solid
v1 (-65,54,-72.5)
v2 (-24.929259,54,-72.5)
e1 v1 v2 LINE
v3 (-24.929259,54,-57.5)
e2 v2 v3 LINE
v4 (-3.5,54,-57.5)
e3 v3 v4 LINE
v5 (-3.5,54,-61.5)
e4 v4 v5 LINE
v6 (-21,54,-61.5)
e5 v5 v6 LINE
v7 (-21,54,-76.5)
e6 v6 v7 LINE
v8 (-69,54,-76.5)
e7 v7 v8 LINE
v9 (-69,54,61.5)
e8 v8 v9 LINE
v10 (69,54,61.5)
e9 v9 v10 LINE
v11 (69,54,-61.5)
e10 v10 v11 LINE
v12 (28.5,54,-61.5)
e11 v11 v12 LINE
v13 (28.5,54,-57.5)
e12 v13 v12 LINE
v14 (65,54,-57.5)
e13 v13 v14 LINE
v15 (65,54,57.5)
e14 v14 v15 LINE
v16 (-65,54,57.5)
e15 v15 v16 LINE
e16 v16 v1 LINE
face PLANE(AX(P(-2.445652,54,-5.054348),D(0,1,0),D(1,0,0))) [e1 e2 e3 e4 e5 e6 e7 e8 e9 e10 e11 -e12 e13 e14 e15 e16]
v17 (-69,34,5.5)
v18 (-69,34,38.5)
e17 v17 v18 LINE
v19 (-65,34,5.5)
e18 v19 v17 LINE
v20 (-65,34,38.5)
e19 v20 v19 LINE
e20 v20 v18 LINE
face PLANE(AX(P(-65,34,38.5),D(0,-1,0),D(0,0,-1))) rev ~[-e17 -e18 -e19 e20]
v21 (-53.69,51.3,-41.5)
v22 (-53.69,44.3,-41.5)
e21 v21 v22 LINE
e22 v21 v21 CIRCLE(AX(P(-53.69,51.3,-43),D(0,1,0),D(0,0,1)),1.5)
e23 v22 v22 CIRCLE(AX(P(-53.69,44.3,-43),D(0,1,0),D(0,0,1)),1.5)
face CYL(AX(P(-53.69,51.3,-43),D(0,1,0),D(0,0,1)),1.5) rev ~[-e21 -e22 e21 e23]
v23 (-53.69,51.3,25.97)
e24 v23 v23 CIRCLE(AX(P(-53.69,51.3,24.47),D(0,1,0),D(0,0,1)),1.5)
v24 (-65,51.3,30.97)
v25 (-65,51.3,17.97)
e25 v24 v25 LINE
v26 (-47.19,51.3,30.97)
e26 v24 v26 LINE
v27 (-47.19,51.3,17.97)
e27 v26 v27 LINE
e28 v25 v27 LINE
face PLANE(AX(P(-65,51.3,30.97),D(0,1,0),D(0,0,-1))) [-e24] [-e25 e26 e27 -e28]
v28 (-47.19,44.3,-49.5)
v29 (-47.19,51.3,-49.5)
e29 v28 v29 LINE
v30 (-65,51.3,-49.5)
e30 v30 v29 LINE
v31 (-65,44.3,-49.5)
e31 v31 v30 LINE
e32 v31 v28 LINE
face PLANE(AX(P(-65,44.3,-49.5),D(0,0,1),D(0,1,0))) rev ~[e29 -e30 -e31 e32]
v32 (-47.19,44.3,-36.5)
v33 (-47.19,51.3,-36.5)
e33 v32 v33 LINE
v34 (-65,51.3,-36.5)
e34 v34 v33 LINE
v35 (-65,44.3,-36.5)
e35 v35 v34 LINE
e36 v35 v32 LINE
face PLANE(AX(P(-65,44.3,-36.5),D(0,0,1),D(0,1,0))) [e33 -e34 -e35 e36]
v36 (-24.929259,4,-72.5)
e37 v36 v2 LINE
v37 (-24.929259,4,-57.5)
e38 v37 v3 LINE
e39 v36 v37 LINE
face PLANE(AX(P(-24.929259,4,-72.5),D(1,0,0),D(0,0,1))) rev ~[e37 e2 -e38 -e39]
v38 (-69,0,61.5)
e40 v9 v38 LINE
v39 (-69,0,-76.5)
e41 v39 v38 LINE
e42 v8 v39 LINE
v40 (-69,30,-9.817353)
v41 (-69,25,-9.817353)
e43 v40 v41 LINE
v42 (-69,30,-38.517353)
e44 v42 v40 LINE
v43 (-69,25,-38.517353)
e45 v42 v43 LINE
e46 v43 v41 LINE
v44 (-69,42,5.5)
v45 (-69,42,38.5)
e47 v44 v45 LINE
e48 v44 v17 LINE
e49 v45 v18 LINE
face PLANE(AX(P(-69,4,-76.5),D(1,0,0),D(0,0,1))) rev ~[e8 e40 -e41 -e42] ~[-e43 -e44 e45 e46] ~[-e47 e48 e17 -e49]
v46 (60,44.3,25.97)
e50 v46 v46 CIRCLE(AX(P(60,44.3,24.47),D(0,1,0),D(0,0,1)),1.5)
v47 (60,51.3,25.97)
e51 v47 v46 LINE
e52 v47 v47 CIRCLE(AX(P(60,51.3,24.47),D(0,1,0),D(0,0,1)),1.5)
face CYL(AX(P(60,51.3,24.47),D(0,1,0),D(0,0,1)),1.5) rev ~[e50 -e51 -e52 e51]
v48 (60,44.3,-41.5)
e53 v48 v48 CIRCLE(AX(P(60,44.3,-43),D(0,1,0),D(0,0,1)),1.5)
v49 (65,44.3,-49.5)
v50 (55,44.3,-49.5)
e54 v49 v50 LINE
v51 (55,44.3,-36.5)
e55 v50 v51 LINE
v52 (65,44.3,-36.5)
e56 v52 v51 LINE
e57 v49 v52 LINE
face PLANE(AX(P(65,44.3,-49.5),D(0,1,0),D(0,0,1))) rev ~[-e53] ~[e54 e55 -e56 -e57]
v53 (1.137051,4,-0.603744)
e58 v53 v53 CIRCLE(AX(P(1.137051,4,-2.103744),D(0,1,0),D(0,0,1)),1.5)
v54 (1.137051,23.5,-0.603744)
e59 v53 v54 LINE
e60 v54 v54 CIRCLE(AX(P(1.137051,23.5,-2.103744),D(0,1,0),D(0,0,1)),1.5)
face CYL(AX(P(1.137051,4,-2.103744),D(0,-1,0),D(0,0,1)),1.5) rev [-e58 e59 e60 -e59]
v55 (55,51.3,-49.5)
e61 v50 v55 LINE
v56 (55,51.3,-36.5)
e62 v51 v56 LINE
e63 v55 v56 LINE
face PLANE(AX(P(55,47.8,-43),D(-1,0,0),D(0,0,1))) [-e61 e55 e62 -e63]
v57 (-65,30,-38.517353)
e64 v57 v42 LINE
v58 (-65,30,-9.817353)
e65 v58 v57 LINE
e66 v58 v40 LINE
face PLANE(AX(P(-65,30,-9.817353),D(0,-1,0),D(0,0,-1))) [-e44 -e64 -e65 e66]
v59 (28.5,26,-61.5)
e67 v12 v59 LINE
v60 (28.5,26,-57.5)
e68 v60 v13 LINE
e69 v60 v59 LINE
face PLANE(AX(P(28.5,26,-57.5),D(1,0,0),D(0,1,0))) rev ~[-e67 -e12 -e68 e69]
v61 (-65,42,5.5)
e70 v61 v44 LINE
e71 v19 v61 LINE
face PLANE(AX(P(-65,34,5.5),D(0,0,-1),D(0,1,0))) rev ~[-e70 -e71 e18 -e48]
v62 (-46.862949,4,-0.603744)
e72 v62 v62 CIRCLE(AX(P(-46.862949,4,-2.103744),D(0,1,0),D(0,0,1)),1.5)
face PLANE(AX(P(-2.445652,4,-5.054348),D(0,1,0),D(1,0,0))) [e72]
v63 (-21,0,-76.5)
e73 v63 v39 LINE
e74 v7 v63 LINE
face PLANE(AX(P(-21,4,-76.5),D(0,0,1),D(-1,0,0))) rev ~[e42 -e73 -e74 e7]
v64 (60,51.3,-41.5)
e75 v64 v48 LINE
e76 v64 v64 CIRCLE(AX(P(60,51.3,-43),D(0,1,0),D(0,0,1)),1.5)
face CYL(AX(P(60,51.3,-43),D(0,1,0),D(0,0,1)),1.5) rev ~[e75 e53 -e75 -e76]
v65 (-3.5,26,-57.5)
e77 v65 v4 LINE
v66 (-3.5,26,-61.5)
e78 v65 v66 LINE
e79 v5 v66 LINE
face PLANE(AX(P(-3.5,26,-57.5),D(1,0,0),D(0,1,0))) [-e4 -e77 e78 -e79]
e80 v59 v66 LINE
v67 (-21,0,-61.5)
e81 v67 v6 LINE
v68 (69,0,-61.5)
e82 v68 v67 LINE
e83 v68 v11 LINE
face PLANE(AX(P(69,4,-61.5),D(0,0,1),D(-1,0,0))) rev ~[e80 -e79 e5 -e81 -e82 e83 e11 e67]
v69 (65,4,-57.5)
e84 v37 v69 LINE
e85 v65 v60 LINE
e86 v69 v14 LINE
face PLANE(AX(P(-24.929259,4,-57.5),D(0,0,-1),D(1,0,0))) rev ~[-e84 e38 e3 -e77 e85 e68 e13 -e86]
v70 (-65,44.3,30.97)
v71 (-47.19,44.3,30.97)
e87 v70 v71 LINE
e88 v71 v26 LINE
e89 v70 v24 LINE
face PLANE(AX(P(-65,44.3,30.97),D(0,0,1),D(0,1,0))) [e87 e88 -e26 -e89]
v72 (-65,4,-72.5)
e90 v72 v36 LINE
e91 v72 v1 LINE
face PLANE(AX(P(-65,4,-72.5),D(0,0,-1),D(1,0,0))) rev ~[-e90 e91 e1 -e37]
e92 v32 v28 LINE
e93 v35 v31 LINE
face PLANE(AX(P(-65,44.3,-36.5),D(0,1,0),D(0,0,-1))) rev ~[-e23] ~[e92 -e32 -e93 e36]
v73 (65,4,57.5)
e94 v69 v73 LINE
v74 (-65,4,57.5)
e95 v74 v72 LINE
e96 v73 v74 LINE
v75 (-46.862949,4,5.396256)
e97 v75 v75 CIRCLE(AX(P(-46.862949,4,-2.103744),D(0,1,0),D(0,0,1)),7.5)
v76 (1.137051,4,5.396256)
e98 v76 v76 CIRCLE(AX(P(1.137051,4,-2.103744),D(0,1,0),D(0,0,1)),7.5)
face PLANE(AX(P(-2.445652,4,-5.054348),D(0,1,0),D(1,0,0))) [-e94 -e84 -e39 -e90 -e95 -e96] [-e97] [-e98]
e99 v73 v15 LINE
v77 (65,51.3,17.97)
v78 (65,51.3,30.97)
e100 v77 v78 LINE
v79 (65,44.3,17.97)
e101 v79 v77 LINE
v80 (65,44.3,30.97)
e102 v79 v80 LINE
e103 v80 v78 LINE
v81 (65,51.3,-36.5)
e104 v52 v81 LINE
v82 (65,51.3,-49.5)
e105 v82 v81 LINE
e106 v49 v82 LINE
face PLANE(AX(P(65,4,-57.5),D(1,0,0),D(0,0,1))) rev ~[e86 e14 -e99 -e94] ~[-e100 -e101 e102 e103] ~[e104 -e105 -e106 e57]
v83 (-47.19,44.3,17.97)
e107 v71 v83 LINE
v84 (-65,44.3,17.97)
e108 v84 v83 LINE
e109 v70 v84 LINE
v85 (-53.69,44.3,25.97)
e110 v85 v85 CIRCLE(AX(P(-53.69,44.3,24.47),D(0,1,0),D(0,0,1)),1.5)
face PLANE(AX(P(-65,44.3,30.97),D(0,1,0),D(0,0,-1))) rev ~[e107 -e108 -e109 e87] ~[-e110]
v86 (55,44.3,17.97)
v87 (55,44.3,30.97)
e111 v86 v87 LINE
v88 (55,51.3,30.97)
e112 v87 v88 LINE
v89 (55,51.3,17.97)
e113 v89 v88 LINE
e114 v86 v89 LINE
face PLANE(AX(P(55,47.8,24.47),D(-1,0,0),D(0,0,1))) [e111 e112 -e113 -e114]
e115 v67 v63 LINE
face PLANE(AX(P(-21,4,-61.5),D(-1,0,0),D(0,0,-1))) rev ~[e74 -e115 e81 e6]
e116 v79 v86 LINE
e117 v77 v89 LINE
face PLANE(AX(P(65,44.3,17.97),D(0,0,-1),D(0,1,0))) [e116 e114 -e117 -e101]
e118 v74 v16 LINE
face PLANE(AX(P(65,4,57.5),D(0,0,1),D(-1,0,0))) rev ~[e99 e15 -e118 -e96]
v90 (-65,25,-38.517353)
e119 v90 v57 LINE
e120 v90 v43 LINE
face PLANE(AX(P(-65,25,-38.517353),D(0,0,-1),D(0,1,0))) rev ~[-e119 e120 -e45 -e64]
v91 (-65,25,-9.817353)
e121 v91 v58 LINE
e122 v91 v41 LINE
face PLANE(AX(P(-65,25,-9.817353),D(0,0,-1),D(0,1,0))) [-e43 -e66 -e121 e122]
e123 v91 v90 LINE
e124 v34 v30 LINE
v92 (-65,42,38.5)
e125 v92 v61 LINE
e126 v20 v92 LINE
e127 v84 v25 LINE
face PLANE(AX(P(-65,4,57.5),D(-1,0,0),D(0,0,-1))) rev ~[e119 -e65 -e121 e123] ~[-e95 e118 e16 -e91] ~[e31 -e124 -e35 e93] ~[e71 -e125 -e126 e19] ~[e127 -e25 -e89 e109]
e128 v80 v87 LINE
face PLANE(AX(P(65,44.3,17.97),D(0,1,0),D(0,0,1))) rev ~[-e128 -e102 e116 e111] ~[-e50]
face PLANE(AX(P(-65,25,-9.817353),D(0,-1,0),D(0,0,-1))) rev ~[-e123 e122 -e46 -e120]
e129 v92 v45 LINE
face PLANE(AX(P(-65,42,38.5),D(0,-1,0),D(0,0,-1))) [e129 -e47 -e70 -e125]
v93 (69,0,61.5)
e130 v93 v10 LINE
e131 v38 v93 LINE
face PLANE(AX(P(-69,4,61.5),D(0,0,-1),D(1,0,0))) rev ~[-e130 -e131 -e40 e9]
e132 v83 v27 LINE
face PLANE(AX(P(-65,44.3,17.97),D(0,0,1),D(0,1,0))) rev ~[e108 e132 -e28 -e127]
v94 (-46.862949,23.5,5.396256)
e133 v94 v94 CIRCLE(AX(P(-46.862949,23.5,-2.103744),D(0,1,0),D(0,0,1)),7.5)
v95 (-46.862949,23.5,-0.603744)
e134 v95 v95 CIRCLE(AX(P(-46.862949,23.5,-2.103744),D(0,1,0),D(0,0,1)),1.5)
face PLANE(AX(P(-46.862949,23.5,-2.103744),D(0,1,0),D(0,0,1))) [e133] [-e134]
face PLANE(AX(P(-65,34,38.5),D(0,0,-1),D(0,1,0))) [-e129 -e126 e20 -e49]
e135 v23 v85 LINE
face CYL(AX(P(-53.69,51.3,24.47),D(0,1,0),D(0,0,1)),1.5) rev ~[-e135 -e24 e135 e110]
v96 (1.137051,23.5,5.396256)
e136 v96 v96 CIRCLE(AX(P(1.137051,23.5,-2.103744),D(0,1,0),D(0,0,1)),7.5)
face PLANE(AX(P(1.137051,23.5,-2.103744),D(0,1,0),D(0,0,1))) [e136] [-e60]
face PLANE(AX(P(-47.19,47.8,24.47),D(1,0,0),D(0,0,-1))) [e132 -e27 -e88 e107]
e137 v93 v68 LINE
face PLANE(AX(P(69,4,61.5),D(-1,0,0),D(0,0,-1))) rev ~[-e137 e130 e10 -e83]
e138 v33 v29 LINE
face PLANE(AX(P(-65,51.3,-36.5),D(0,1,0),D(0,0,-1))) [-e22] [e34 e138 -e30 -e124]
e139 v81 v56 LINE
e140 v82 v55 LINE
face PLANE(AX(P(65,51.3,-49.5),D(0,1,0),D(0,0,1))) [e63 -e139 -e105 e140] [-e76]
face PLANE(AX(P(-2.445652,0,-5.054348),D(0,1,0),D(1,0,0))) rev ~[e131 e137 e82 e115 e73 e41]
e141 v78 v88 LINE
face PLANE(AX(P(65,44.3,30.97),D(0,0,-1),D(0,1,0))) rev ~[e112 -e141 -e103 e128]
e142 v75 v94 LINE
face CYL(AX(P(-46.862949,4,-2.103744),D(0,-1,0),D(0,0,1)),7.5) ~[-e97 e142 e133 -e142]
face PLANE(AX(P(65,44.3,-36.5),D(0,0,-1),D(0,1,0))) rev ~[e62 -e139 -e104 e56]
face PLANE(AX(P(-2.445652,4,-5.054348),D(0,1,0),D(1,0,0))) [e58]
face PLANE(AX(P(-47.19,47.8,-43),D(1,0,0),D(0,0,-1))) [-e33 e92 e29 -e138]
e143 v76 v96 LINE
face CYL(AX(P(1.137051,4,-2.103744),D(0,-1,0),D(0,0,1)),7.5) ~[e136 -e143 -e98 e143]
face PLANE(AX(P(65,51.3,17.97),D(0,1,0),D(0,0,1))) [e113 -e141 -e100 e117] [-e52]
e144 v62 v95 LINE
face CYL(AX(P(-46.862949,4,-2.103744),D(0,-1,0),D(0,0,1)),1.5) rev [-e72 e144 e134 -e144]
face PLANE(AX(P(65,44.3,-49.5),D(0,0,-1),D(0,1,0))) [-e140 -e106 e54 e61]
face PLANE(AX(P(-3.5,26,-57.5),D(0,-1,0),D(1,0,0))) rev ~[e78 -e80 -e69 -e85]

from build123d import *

# Parameters (mm, degrees)
BOSS_EXTRUDE1_DEPTH = 4
BOSS_EXTRUDE2_START = 4
BOSS_EXTRUDE2_DEPTH = 50
SKETCH3_R           = 7.5
SKETCH3_R_2         = 1.5
BOSS_EXTRUDE3_DEPTH = 19.5
SKETCH4_W           = 13
SKETCH4_H           = 7
BOSS_EXTRUDE4_DEPTH = 17.81
SKETCH5_W           = 13
SKETCH5_H           = 7
BOSS_EXTRUDE5_DEPTH = 10
CUT_EXTRUDE1_REACH  = 117.087
SKETCH6_R           = 1.5
CUT_EXTRUDE2_REACH  = 149.777
SKETCH7_W           = 32
SKETCH7_H           = 28
CUT_EXTRUDE3_REACH  = 165.476
SKETCH8_W           = 33
SKETCH8_H           = 8
SKETCH8_W_2         = 28.7
SKETCH8_H_2         = 5


with BuildPart() as part:
    # Sketch1 → Boss-Extrude1 (new body)
    with BuildSketch(Plane(origin=(0, 0, 0), x_dir=(1, 0, 0), z_dir=(0, 1, 0))):
        Polygon((-69, -61.5), (69, -61.5), (69, 61.5), (-21, 61.5), (-21, 76.5), (-69, 76.5), (-69, 61.5), align=None)
    extrude(amount=BOSS_EXTRUDE1_DEPTH)

    # Sketch1<5> → Boss-Extrude2 (add)
    with BuildSketch(Plane(origin=(0, 0, 0), x_dir=(1, 0, 0), z_dir=(0, 1, 0)).offset(BOSS_EXTRUDE2_START)):
        Polygon((-69, 61.5), (-69, -61.5), (69, -61.5), (69, 61.5), (-21, 61.5), (-21, 76.5), (-69, 76.5), align=None)
        Polygon((-65, -57.5), (-65, 57.5), (-65, 72.5), (-24.92925867, 72.5), (-24.92925867, 57.5), (65, 57.5), (65, -57.5), align=None, mode=Mode.SUBTRACT)
    extrude(amount=BOSS_EXTRUDE2_DEPTH)

    # Sketch3 → Boss-Extrude3 (add)
    # profile 1 of 2: a face of its own
    with BuildSketch(Plane(origin=(0, 4, 0), x_dir=(1, 0, 0), z_dir=(0, 1, 0))):
        with Locations(Location((-46.862948708, 2.10374449, 0), (0, 0, 270))):
            Circle(SKETCH3_R)
        with Locations(Location((-46.862948708, 2.10374449, 0), (0, 0, 270))):
            Circle(SKETCH3_R_2, mode=Mode.SUBTRACT)
    # profile 2 of 2: a face of its own
    with BuildSketch(Plane(origin=(0, 4, 0), x_dir=(1, 0, 0), z_dir=(0, 1, 0))):
        with Locations(Location((1.137051292, 2.10374449, 0), (0, 0, 270))):
            Circle(SKETCH3_R)
        with Locations(Location((1.137051292, 2.10374449, 0), (0, 0, 270))):
            Circle(SKETCH3_R_2, mode=Mode.SUBTRACT)
    extrude(amount=BOSS_EXTRUDE3_DEPTH)

    # Sketch4 → Boss-Extrude4 (add)
    with BuildSketch(Plane(origin=(-65, 0, 0), x_dir=(0, 0, -1), z_dir=(1, 0, 0))):
        with Locations((-24.47, 47.8)):
            Rectangle(SKETCH4_W, SKETCH4_H)
        with Locations((43, 47.8)):
            Rectangle(SKETCH4_W, SKETCH4_H)
    extrude(amount=BOSS_EXTRUDE4_DEPTH)

    # Sketch5 → Boss-Extrude5 (add)
    with BuildSketch(Plane.ZY.offset(-65)):
        with Locations((24.47, 47.8)):
            Rectangle(SKETCH5_W, SKETCH5_H)
        with Locations((-43, 47.8)):
            Rectangle(SKETCH5_W, SKETCH5_H)
    extrude(amount=BOSS_EXTRUDE5_DEPTH)

    # Sketch6 → Cut-Extrude1 (cut, up to next)
    with BuildSketch(Plane(origin=(0, 51.3, 0), x_dir=(1, 0, 0), z_dir=(0, 1, 0)), mode=Mode.PRIVATE) as cut_extrude1_sk1:
        with Locations(Location((-53.69, 43, 0), (0, 0, 270))):
            Circle(SKETCH6_R)
    cut_extrude1_tool1 = extrude(cut_extrude1_sk1.sketch, amount=-CUT_EXTRUDE1_REACH, mode=Mode.PRIVATE) & part.part
    # Sketch6 → Cut-Extrude1 (cut, up to next)
    with BuildSketch(Plane(origin=(0, 51.3, 0), x_dir=(1, 0, 0), z_dir=(0, 1, 0)), mode=Mode.PRIVATE) as cut_extrude1_sk2:
        with Locations(Location((-53.69, -24.47, 0), (0, 0, 270))):
            Circle(SKETCH6_R)
    cut_extrude1_tool2 = extrude(cut_extrude1_sk2.sketch, amount=-CUT_EXTRUDE1_REACH, mode=Mode.PRIVATE) & part.part
    # Sketch6 → Cut-Extrude1 (cut, up to next)
    with BuildSketch(Plane(origin=(0, 51.3, 0), x_dir=(1, 0, 0), z_dir=(0, 1, 0)), mode=Mode.PRIVATE) as cut_extrude1_sk3:
        with Locations(Location((60, -24.47, 0), (0, 0, 270))):
            Circle(SKETCH6_R)
    cut_extrude1_tool3 = extrude(cut_extrude1_sk3.sketch, amount=-CUT_EXTRUDE1_REACH, mode=Mode.PRIVATE) & part.part
    # Sketch6 → Cut-Extrude1 (cut, up to next)
    with BuildSketch(Plane(origin=(0, 51.3, 0), x_dir=(1, 0, 0), z_dir=(0, 1, 0)), mode=Mode.PRIVATE) as cut_extrude1_sk4:
        with Locations(Location((60, 43, 0), (0, 0, 270))):
            Circle(SKETCH6_R)
    cut_extrude1_tool4 = extrude(cut_extrude1_sk4.sketch, amount=-CUT_EXTRUDE1_REACH, mode=Mode.PRIVATE) & part.part
    add(cut_extrude1_tool1.solids().sort_by_distance((-53.69, 51.3, -43))[0], mode=Mode.SUBTRACT)
    add(cut_extrude1_tool2.solids().sort_by_distance((-53.69, 51.3, 24.47))[0], mode=Mode.SUBTRACT)
    add(cut_extrude1_tool3.solids().sort_by_distance((60, 51.3, 24.47))[0], mode=Mode.SUBTRACT)
    add(cut_extrude1_tool4.solids().sort_by_distance((60, 51.3, -43))[0], mode=Mode.SUBTRACT)

    # Sketch7 → Cut-Extrude2 (cut, up to next)
    with BuildSketch(Plane.XY.offset(-57.5), mode=Mode.PRIVATE) as cut_extrude2_sk1:
        with Locations((12.5, 40)):
            Rectangle(SKETCH7_W, SKETCH7_H)
    cut_extrude2_tool1 = extrude(cut_extrude2_sk1.sketch, amount=-CUT_EXTRUDE2_REACH, mode=Mode.PRIVATE) & part.part
    add(cut_extrude2_tool1.solids().sort_by_distance((12.5, 40, -57.5))[0], mode=Mode.SUBTRACT)

    # Sketch8 → Cut-Extrude3 (cut, up to next)
    with BuildSketch(Plane(origin=(-65, 0, 0), x_dir=(0, 0, -1), z_dir=(1, 0, 0)), mode=Mode.PRIVATE) as cut_extrude3_sk1:
        with Locations((-22, 38)):
            Rectangle(SKETCH8_W, SKETCH8_H)
    cut_extrude3_tool1 = extrude(cut_extrude3_sk1.sketch, amount=-CUT_EXTRUDE3_REACH, mode=Mode.PRIVATE) & part.part
    # Sketch8 → Cut-Extrude3 (cut, up to next)
    with BuildSketch(Plane(origin=(-65, 0, 0), x_dir=(0, 0, -1), z_dir=(1, 0, 0)), mode=Mode.PRIVATE) as cut_extrude3_sk2:
        with Locations((24.167352626, 27.5)):
            Rectangle(SKETCH8_W_2, SKETCH8_H_2)
    cut_extrude3_tool2 = extrude(cut_extrude3_sk2.sketch, amount=-CUT_EXTRUDE3_REACH, mode=Mode.PRIVATE) & part.part
    add(cut_extrude3_tool1.solids().sort_by_distance((-65, 38, 22))[0], mode=Mode.SUBTRACT)
    add(cut_extrude3_tool2.solids().sort_by_distance((-65, 27.5, -24.167353))[0], mode=Mode.SUBTRACT)


solid = part.part
